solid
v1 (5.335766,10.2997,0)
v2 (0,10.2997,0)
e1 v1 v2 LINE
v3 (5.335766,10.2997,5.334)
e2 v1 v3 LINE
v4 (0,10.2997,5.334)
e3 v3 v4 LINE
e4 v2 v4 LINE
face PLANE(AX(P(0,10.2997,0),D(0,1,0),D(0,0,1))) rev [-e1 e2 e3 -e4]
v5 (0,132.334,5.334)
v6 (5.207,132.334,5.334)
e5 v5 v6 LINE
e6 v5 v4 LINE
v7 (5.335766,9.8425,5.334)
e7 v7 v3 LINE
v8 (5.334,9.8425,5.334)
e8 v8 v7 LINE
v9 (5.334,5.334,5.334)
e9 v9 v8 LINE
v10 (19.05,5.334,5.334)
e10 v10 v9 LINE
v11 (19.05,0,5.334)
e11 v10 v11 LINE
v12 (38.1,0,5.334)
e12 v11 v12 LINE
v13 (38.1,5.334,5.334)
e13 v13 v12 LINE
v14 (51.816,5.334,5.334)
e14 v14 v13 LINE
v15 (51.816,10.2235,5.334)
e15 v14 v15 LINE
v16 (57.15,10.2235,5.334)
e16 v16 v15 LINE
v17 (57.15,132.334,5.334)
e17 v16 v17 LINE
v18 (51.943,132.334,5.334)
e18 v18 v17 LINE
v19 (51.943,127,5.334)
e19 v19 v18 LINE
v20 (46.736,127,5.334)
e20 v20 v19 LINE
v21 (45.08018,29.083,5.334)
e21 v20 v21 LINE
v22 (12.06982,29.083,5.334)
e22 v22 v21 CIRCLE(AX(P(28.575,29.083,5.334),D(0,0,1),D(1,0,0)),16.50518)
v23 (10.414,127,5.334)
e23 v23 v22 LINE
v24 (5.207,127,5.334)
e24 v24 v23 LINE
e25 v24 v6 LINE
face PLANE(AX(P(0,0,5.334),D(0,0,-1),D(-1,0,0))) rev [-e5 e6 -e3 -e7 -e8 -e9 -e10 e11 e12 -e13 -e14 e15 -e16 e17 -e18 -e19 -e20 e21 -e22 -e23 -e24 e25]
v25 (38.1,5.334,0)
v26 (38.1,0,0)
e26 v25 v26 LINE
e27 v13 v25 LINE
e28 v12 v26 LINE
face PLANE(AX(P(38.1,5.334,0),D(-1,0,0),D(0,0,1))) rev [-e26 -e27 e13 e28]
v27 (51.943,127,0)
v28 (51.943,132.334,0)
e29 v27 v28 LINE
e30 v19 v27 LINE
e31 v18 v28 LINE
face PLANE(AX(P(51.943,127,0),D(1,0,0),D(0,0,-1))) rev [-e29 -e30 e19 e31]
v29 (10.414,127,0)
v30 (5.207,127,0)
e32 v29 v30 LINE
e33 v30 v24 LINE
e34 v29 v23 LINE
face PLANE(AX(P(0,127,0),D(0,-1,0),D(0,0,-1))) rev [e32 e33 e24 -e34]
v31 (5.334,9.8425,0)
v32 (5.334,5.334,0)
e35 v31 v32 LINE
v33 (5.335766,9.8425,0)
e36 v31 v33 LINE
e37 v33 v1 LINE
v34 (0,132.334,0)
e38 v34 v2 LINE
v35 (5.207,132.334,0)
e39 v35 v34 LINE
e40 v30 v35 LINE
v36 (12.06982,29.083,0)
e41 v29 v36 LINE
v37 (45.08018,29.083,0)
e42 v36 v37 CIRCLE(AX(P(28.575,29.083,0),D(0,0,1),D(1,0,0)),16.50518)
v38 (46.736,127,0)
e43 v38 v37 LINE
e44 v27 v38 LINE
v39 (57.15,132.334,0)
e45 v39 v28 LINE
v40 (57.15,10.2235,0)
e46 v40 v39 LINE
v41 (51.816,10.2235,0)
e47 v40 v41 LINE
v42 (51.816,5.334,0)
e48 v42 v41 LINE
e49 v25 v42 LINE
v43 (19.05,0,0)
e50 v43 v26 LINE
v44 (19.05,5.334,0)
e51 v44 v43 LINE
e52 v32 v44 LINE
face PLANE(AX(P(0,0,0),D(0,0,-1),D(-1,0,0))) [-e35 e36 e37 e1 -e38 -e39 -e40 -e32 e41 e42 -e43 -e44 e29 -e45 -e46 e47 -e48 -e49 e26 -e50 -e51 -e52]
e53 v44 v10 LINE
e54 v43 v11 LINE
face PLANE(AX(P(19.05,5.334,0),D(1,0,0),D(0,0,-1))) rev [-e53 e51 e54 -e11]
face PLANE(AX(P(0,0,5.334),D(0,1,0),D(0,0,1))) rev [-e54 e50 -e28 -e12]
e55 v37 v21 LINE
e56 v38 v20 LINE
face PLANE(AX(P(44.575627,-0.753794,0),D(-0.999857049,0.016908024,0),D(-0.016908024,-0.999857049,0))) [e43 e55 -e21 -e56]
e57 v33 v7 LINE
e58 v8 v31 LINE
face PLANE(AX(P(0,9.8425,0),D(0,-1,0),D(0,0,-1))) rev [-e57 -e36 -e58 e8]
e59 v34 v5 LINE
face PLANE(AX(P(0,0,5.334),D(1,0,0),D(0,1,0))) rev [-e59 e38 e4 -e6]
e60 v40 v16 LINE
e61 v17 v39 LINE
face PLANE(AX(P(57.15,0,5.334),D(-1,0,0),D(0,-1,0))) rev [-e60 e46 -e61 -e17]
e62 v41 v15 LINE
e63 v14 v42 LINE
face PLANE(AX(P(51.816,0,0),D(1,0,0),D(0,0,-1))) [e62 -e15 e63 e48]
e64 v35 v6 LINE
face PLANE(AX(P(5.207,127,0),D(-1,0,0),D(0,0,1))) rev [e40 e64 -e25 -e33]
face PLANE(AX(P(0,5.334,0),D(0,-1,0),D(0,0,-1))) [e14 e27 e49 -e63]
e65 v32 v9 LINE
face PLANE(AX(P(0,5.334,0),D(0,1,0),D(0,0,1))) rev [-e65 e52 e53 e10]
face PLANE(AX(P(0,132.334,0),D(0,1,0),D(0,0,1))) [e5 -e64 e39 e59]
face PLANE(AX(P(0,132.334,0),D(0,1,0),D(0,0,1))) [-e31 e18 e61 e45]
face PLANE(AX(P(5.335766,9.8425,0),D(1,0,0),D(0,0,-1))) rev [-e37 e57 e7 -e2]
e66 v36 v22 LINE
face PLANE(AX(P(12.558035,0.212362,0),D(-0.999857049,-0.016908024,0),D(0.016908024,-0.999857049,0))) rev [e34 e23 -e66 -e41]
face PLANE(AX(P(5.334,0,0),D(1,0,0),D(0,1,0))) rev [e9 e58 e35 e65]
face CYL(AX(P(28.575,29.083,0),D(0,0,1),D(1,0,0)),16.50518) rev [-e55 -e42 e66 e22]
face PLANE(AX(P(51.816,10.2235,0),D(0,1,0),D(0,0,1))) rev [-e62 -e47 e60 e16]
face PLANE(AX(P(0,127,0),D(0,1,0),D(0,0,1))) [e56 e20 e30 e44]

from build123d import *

# Parameters (mm, degrees)
SKETCH8_W           = 57.15
SKETCH8_H           = 127
BOSS_EXTRUDE3_DEPTH = 5.334
SKETCH9_R           = 16.505180298
CUT_EXTRUDE4_DEPTH  = 140.368483008
SKETCH12_W          = 19.05
SKETCH12_H          = 5.334
CUT_EXTRUDE8_DEPTH  = 5.334
SKETCH14_W          = 10.414
SKETCH14_H          = 5.334
BOSS_EXTRUDE4_DEPTH = 5.334
SKETCH15_W          = 5.207
SKETCH15_H          = 5.334
CUT_EXTRUDE9_DEPTH  = 5.334
SKETCH16_W          = 5.334
SKETCH16_H          = 4.5085
CUT_EXTRUDE10_DEPTH = 5.334
SKETCH19_W          = 4.7625
SKETCH19_H          = 4.5085
CUT_EXTRUDE12_DEPTH = 5.334
SKETCH20_W          = 5.334
SKETCH20_H          = 4.5085
CUT_EXTRUDE13_DEPTH = 145.225834933
SKETCH21_W          = 5.335765508
SKETCH21_H          = 0.4572
SKETCH21_W_2        = 5.334
SKETCH21_H_2        = 0.381
CUT_EXTRUDE14_DEPTH = 145.245837417


with BuildPart() as part:
    # Sketch8 → Boss-Extrude3 (new body)
    with BuildSketch(Plane.XY):
        with Locations((28.575, 63.5)):
            Rectangle(SKETCH8_W, SKETCH8_H)
    extrude(amount=BOSS_EXTRUDE3_DEPTH)

    # Sketch9 → Cut-Extrude4 (cut, through all)
    with BuildSketch(Plane.XY.offset(5.334)):
        with BuildLine():
            Line((46.736, 127), (10.414, 127))
            Line((10.414, 127), (12.069819702, 29.083))
            ThreePointArc((12.069819702, 29.083), (28.575, 45.588180298), (45.080180298, 29.083))
            Line((45.080180298, 29.083), (46.736, 127))
        make_face()
        with Locations((28.575, 29.083)):
            Circle(SKETCH9_R)
    extrude(amount=-CUT_EXTRUDE4_DEPTH, mode=Mode.SUBTRACT)

    # Sketch12 → Cut-Extrude8 (cut)
    with BuildSketch(Plane(origin=(0, 0, 0), x_dir=(-1, 0, 0), z_dir=(0, -1, 0))):
        with Locations((-47.625, -2.667)):
            Rectangle(SKETCH12_W, SKETCH12_H)
        with Locations((-9.525, -2.667)):
            Rectangle(SKETCH12_W, SKETCH12_H)
    extrude(amount=-CUT_EXTRUDE8_DEPTH, mode=Mode.SUBTRACT)

    # Sketch14 → Boss-Extrude4 (add)
    with BuildSketch(Plane(origin=(0, 127, 0), x_dir=(1, 0, 0), z_dir=(0, 1, 0))):
        with Locations((51.943, -2.667)):
            Rectangle(SKETCH14_W, SKETCH14_H)
        with Locations((5.207, -2.667)):
            Rectangle(SKETCH14_W, SKETCH14_H)
    extrude(amount=BOSS_EXTRUDE4_DEPTH)

    # Sketch15 → Cut-Extrude9 (cut)
    with BuildSketch(Plane(origin=(0, 132.334, 0), x_dir=(1, 0, 0), z_dir=(0, 1, 0))):
        with Locations((7.8105, -2.667)):
            Rectangle(SKETCH15_W, SKETCH15_H)
        with Locations((49.3395, -2.667)):
            Rectangle(SKETCH15_W, SKETCH15_H)
    extrude(amount=-CUT_EXTRUDE9_DEPTH, mode=Mode.SUBTRACT)

    # Sketch16 → Cut-Extrude10 (cut)
    with BuildSketch(Plane.ZY):
        with Locations((2.667, 7.58825)):
            Rectangle(SKETCH16_W, SKETCH16_H)
    extrude(amount=-CUT_EXTRUDE10_DEPTH, mode=Mode.SUBTRACT)

    # Sketch19 → Cut-Extrude12 (cut)
    with BuildSketch(Plane(origin=(57.15, 0, 0), x_dir=(0, 0, -1), z_dir=(1, 0, 0))):
        with Locations((-2.38125, 7.58825)):
            Rectangle(SKETCH19_W, SKETCH19_H)
    extrude(amount=-CUT_EXTRUDE12_DEPTH, mode=Mode.SUBTRACT)

    # Sketch20 → Cut-Extrude13 (cut, through all)
    with BuildSketch(Plane(origin=(0, 0, 4.7625), x_dir=(-1, 0, 0), z_dir=(0, 0, -1))):
        with Locations((-54.483, 7.58825)):
            Rectangle(SKETCH20_W, SKETCH20_H)
    extrude(amount=-CUT_EXTRUDE13_DEPTH, mode=Mode.SUBTRACT)

    # Sketch21 → Cut-Extrude14 (cut, through all)
    with BuildSketch(Plane.XY.offset(5.334)):
        with Locations((2.667882754, 10.0711)):
            Rectangle(SKETCH21_W, SKETCH21_H)
        with Locations((54.483, 10.033)):
            Rectangle(SKETCH21_W_2, SKETCH21_H_2)
    extrude(amount=-CUT_EXTRUDE14_DEPTH, mode=Mode.SUBTRACT)


solid = part.part
